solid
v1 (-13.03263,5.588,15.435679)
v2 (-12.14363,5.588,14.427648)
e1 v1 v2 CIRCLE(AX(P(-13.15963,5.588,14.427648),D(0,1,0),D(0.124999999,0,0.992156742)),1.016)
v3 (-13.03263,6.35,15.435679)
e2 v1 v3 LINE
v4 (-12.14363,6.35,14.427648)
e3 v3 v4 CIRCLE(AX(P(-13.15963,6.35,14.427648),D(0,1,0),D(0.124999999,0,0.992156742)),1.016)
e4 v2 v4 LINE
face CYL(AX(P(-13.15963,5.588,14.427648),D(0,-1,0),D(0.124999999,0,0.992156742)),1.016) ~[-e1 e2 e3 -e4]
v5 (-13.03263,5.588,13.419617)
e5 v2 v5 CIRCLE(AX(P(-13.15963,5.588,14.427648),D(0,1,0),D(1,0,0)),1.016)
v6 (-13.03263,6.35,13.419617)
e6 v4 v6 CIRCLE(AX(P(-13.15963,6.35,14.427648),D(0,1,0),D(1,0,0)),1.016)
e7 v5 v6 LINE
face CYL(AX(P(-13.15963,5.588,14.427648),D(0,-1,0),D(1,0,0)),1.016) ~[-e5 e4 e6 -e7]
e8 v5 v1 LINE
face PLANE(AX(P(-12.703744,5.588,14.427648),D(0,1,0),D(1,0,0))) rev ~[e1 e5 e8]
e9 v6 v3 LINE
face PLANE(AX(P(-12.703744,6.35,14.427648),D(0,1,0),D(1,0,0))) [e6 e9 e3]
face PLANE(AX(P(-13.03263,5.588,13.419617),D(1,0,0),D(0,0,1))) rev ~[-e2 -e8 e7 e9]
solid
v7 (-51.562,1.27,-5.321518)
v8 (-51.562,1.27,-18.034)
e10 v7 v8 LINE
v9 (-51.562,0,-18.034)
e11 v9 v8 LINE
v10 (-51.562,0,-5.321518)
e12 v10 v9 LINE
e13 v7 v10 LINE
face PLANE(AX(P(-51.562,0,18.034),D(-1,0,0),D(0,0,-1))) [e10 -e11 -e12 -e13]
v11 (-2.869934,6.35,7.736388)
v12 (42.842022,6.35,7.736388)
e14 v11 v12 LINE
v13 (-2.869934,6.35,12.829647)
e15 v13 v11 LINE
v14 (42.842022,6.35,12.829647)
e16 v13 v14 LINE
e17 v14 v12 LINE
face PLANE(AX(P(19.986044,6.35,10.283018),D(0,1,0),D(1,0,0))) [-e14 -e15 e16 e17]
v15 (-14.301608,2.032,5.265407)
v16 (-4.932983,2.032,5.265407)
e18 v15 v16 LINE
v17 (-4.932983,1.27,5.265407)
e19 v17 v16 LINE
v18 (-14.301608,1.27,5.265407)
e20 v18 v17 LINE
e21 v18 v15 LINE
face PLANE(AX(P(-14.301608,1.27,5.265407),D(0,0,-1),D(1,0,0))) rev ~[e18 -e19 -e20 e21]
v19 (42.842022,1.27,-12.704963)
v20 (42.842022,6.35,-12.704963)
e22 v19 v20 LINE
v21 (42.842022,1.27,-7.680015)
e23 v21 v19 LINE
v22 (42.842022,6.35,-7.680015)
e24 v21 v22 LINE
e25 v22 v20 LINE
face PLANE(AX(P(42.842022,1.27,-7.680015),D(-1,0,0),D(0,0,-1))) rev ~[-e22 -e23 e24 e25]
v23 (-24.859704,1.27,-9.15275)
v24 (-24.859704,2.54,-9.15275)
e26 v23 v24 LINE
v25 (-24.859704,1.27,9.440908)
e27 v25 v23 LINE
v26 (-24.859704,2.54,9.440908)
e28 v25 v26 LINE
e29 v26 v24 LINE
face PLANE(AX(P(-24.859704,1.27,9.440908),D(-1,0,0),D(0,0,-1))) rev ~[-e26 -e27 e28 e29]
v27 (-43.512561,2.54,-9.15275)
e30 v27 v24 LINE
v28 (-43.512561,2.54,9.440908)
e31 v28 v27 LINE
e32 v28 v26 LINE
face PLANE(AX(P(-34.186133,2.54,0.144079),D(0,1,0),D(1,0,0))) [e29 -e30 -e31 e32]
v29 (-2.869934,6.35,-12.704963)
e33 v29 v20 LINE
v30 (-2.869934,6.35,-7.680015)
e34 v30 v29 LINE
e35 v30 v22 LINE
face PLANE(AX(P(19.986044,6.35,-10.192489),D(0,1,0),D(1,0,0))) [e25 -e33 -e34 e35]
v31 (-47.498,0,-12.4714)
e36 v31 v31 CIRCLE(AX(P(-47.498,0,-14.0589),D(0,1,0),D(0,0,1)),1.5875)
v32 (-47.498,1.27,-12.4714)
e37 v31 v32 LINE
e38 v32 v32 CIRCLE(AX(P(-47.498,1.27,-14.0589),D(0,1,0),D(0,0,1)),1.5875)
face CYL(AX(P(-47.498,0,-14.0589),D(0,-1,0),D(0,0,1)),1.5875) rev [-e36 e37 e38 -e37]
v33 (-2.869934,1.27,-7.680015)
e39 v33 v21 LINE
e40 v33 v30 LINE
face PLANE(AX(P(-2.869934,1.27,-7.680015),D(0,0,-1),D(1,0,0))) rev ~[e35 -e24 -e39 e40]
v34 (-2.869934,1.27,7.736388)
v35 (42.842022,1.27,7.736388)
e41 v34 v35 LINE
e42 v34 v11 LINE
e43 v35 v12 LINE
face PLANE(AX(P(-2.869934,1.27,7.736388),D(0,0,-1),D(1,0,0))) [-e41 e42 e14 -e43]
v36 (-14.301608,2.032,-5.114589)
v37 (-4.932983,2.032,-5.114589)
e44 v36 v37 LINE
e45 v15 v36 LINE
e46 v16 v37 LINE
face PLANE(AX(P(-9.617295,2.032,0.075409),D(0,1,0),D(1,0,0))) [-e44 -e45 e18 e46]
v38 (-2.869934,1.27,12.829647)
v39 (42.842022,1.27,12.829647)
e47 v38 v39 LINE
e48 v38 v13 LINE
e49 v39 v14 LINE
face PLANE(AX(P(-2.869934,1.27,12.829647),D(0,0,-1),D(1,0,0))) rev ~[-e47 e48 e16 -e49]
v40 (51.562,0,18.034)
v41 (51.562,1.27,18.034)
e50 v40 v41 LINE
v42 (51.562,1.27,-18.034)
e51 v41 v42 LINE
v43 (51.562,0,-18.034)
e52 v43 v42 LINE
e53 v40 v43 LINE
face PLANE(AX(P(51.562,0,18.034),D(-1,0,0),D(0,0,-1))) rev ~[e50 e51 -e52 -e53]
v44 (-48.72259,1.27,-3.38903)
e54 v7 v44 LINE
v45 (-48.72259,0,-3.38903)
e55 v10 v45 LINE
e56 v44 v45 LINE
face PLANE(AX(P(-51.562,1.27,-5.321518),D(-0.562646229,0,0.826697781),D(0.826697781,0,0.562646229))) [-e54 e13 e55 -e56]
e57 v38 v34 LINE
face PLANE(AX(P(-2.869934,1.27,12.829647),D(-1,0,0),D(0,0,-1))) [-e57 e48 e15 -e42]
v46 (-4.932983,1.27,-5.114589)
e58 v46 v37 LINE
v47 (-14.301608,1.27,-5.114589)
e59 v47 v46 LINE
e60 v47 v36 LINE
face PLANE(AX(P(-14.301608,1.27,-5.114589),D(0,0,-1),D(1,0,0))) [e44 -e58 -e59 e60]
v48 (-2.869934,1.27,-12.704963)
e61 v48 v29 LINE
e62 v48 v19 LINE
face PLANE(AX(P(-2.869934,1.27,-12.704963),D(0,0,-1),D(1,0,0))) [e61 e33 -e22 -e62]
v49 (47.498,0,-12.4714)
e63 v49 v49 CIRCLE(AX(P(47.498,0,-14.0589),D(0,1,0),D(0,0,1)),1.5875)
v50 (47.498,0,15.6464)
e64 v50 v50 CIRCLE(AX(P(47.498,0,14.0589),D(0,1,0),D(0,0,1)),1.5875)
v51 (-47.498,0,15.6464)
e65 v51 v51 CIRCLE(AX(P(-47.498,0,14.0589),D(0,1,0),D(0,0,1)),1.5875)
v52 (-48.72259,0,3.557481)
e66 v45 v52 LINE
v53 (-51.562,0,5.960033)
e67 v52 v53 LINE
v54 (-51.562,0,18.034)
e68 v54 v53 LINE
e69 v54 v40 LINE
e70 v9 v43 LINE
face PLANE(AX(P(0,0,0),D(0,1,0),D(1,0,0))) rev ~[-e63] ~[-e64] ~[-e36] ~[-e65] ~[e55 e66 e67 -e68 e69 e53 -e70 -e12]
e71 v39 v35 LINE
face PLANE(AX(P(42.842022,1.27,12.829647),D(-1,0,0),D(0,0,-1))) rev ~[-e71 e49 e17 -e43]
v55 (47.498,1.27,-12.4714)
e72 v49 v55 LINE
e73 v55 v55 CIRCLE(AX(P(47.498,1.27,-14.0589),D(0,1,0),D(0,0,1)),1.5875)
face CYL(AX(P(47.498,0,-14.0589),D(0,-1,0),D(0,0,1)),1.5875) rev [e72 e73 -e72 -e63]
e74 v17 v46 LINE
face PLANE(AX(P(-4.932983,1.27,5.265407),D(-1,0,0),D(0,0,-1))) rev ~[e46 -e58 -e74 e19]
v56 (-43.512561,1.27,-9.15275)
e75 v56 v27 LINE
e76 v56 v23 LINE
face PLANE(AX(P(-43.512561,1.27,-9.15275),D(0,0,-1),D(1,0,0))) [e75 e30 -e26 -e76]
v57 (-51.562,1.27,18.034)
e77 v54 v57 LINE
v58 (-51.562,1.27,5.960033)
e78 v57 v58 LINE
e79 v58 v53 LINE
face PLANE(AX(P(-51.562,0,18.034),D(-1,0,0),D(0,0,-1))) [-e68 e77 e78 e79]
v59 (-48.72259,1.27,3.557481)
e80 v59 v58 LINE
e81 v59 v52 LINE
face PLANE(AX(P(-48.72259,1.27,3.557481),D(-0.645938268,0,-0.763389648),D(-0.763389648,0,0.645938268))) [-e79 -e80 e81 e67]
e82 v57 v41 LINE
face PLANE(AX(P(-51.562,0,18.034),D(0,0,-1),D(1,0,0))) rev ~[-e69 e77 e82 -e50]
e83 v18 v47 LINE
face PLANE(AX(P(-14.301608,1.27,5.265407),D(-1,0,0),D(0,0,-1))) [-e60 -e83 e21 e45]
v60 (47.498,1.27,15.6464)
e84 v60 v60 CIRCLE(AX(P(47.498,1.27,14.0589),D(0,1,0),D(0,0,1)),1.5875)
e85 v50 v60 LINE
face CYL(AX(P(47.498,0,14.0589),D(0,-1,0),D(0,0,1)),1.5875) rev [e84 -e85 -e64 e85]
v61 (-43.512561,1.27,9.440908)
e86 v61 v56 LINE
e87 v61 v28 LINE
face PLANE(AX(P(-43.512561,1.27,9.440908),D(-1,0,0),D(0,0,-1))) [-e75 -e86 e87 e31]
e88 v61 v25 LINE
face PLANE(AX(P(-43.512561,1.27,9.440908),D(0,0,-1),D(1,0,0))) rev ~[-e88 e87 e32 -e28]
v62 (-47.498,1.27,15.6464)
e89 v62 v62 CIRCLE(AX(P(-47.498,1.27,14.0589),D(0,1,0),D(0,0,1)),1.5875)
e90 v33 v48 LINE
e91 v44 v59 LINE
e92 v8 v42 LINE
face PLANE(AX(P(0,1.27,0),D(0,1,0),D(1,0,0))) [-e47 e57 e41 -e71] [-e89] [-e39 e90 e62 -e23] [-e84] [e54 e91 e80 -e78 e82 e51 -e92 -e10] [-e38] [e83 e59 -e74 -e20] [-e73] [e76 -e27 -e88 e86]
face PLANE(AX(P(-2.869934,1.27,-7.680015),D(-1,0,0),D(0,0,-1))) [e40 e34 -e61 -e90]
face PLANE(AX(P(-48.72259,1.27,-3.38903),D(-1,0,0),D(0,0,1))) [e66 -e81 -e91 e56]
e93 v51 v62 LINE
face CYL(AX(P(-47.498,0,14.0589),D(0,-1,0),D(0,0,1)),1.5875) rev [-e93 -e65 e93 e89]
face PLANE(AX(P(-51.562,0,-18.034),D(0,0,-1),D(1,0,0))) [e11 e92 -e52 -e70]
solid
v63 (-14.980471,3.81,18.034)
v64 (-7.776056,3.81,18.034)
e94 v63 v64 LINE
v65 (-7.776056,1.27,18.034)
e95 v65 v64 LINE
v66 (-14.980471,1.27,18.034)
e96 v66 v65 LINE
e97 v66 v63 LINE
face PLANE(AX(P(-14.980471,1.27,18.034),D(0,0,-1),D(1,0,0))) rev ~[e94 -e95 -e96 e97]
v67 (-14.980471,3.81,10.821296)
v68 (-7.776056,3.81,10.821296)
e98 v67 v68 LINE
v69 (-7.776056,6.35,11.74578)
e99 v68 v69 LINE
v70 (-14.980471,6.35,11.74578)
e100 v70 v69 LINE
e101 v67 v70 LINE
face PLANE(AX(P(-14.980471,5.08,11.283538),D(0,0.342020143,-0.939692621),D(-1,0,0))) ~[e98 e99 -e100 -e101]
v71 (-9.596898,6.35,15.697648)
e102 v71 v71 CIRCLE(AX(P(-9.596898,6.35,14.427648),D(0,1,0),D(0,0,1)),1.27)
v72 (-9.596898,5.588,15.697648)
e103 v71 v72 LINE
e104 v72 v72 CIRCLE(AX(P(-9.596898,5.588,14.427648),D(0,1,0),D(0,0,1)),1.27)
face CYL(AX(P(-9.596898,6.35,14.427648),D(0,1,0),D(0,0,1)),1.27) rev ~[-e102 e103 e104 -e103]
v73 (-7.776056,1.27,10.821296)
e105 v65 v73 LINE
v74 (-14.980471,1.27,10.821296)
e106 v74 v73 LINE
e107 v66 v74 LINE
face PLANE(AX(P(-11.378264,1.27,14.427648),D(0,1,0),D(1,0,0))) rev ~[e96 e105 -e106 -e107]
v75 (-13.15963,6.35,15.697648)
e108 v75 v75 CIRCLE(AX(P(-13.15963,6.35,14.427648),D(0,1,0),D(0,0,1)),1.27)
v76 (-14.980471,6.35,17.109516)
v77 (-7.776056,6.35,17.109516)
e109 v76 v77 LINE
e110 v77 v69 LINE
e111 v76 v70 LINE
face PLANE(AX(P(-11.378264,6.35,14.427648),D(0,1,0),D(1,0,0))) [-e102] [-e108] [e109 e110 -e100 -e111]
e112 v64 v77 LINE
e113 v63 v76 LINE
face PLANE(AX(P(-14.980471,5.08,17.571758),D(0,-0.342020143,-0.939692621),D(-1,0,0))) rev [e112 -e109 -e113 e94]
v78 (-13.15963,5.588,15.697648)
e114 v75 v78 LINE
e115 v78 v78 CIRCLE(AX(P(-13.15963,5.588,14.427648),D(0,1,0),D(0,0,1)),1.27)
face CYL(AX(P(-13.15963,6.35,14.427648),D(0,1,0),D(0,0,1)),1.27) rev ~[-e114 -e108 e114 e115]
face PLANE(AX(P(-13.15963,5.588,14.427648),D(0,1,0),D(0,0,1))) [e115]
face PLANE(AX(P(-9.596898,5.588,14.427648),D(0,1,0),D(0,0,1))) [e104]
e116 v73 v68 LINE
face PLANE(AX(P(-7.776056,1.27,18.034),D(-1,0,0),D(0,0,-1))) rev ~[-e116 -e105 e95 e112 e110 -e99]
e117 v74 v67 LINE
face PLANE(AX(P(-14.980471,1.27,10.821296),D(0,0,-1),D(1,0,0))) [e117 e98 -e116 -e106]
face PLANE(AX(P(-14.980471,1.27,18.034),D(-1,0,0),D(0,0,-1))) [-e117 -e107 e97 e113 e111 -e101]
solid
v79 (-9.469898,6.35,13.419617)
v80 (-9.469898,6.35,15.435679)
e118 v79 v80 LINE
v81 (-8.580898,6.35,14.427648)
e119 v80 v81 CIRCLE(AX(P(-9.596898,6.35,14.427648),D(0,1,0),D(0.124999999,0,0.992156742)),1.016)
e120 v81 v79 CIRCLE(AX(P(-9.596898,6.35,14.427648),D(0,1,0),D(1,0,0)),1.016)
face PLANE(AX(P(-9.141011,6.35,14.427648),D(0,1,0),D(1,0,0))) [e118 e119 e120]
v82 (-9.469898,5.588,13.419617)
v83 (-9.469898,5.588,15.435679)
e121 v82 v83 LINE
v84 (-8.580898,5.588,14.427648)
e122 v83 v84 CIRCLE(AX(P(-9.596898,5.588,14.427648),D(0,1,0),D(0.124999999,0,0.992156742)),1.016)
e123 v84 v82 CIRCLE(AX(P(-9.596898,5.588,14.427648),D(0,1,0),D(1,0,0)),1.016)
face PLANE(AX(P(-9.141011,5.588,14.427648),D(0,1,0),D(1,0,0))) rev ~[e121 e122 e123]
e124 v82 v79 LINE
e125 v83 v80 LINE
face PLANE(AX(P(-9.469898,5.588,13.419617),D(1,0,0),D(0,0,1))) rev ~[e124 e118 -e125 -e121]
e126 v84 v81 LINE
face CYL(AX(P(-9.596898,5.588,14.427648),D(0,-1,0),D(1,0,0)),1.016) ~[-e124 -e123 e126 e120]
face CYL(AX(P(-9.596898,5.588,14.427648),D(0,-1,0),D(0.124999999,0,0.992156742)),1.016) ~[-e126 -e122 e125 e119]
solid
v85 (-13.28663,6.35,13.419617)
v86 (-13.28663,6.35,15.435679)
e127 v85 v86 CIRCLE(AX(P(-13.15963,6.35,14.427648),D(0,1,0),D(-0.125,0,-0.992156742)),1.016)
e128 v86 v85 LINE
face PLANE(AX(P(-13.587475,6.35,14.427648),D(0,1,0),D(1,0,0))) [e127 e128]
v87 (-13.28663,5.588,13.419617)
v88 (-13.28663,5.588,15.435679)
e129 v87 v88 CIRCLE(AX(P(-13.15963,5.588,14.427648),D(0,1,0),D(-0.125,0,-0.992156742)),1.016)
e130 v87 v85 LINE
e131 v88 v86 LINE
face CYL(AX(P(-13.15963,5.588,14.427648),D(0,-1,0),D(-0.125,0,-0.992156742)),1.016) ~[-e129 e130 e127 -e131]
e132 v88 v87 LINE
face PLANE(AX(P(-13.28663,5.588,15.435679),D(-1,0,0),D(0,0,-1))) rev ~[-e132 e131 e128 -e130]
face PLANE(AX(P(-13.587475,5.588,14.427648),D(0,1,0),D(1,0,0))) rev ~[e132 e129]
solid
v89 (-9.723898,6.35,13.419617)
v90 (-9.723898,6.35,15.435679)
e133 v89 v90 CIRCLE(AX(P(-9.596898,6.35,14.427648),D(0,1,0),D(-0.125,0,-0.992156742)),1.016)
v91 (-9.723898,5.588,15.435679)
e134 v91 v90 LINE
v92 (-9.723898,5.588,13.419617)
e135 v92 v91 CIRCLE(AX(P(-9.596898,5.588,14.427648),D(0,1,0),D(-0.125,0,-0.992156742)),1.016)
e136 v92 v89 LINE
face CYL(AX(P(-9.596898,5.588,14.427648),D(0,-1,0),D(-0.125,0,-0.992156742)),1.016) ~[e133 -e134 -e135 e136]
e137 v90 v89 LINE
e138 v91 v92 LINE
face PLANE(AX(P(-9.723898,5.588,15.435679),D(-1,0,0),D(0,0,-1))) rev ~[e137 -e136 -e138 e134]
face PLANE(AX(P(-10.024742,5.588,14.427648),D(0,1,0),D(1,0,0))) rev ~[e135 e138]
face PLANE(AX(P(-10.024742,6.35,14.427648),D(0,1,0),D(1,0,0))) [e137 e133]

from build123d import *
from OCP.BRepFilletAPI import BRepFilletAPI_MakeChamfer

# Parameters (mm, degrees)
SKETCH1_W              = 103.124
SKETCH1_H              = 36.068
SKETCH1_R              = 1.5875
BOSS_EXTRUDE2_DEPTH    = 1.27
CUT_EXTRUDE1_DEPTH     = 55.639526901
SKETCH3_W              = 18.652856935
SKETCH3_H              = 18.593657226
BOSS_EXTRUDE3_DEPTH    = 1.27
SKETCH4_W              = 9.368625717
SKETCH4_H              = 10.379996134
BOSS_EXTRUDE4_DEPTH    = 0.762
SKETCH5_W              = 45.711956493
SKETCH5_H              = 5.024947681
SKETCH5_H_2            = 5.093258644
BOSS_EXTRUDE6_DEPTH    = 5.08
SKETCH6_W              = 7.204415031
SKETCH6_H              = 7.212704243
BOSS_EXTRUDE8_DEPTH    = 5.08
CHAMFER1_SIZE          = 2.54
CHAMFER1_SIZE2         = 0.924484395
SKETCH7_R              = 1.27
CUT_EXTRUDE2_DEPTH     = 0.762
BOSS_EXTRUDE10_DEPTH   = 0.762
BOSS_EXTRUDE10_2_DEPTH = 0.762
BOSS_EXTRUDE10_3_DEPTH = 0.762
BOSS_EXTRUDE10_4_DEPTH = 0.762


with BuildPart() as part:
    # Sketch1 → Boss-Extrude2 (new body)
    with BuildSketch(Plane(origin=(0, 0, 0), x_dir=(1, 0, 0), z_dir=(0, 1, 0))):
        Rectangle(SKETCH1_W, SKETCH1_H)
        with Locations(Location((-47.498, 14.0589, 0), (0, 0, 270))):
            Circle(SKETCH1_R, mode=Mode.SUBTRACT)
        with Locations(Location((-47.498, -14.0589, 0), (0, 0, 270))):
            Circle(SKETCH1_R, mode=Mode.SUBTRACT)
        with Locations(Location((47.498, 14.0589, 0), (0, 0, 270))):
            Circle(SKETCH1_R, mode=Mode.SUBTRACT)
        with Locations(Location((47.498, -14.0589, 0), (0, 0, 270))):
            Circle(SKETCH1_R, mode=Mode.SUBTRACT)
    extrude(amount=BOSS_EXTRUDE2_DEPTH)

    # Sketch2 → Cut-Extrude1 (cut, through all)
    with BuildSketch(Plane(origin=(0, 1.27, 0), x_dir=(1, 0, 0), z_dir=(0, 1, 0))):
        Polygon((-51.562, 5.32151794), (-48.722589703, 3.389029994), (-48.722589703, -3.55748073), (-51.562, -5.960033311), align=None)
    extrude(amount=-CUT_EXTRUDE1_DEPTH, mode=Mode.SUBTRACT)

    # Sketch3 → Boss-Extrude3 (add)
    with BuildSketch(Plane(origin=(0, 1.27, 0), x_dir=(1, 0, 0), z_dir=(0, 1, 0))):
        with Locations((-34.186132532, -0.144079079)):
            Rectangle(SKETCH3_W, SKETCH3_H)
    extrude(amount=BOSS_EXTRUDE3_DEPTH)

    # Sketch4 → Boss-Extrude4 (add)
    with BuildSketch(Plane(origin=(0, 1.27, 0), x_dir=(1, 0, 0), z_dir=(0, 1, 0))):
        with Locations((-9.617295377, -0.075408878)):
            Rectangle(SKETCH4_W, SKETCH4_H)
    extrude(amount=BOSS_EXTRUDE4_DEPTH)

    # Sketch5 → Boss-Extrude6 (add)
    with BuildSketch(Plane(origin=(0, 1.27, 0), x_dir=(1, 0, 0), z_dir=(0, 1, 0))):
        with Locations((19.986043909, 10.19248885)):
            Rectangle(SKETCH5_W, SKETCH5_H)
        with Locations((19.986043909, -10.283017769)):
            Rectangle(SKETCH5_W, SKETCH5_H_2)
    extrude(amount=BOSS_EXTRUDE6_DEPTH)


with BuildPart() as body_2:
    # Sketch6 → Boss-Extrude8 (new body)
    with BuildSketch(Plane(origin=(0, 1.27, 0), x_dir=(1, 0, 0), z_dir=(0, 1, 0))):
        with Locations((-11.378263959, -14.427647879)):
            Rectangle(SKETCH6_W, SKETCH6_H)
    extrude(amount=BOSS_EXTRUDE8_DEPTH)

    # Chamfer1: one chamfer whose edges measure the first distance from different faces: ONE call of the kernel's chamfer builder (chamfer() names one face for all edges)
    chamfer1_edges_1 = [body_2.edges().sort_by_distance(p)[0] for p in [
        (-11.378263958, 6.35, 10.821295757),
    ]]
    chamfer1_side_1 = [body_2.faces().sort_by_distance(p)[0] for p in [
        (-11.378263958, 3.81, 10.821295757),
    ]]
    chamfer1_edges_2 = [body_2.edges().sort_by_distance(p)[0] for p in [
        (-11.378263958, 6.35, 18.034),
    ]]
    chamfer1_side_2 = [body_2.faces().sort_by_distance(p)[0] for p in [
        (-11.378263958, 3.81, 18.034),
    ]]
    chamfer1 = BRepFilletAPI_MakeChamfer(body_2.part.solid().wrapped)
    for e in chamfer1_edges_1:
        chamfer1.Add(CHAMFER1_SIZE, CHAMFER1_SIZE2, e.wrapped, chamfer1_side_1[0].wrapped)  # the first distance lies on this face
    for e in chamfer1_edges_2:
        chamfer1.Add(CHAMFER1_SIZE, CHAMFER1_SIZE2, e.wrapped, chamfer1_side_2[0].wrapped)  # the first distance lies on this face
    add(Compound.cast(chamfer1.Shape()), mode=Mode.REPLACE)

    # Sketch7 → Cut-Extrude2 (cut)
    with BuildSketch(Plane(origin=(0, 6.35, 0), x_dir=(1, 0, 0), z_dir=(0, 1, 0))):
        with Locations(Location((-13.159630139, -14.427647879, 0), (0, 0, 270))):
            Circle(SKETCH7_R)
        with Locations(Location((-9.596897778, -14.427647879, 0), (0, 0, 270))):
            Circle(SKETCH7_R)
    extrude(amount=-CUT_EXTRUDE2_DEPTH, mode=Mode.SUBTRACT)


with BuildPart() as body_3:
    # Sketch8 → Boss-Extrude10 (new body)
    with BuildSketch(Plane(origin=(0, 5.588, 0), x_dir=(1, 0, 0), z_dir=(0, 1, 0))):
        with BuildLine():
            Line((-13.286630139, -15.435679128), (-13.286630139, -13.419616629))
            ThreePointArc((-13.286630139, -13.419616629), (-14.175630139, -14.427647879), (-13.286630139, -15.435679128))
        make_face()
    extrude(amount=BOSS_EXTRUDE10_DEPTH)


with BuildPart() as body_4:
    # Sketch8 → Boss-Extrude10 2 (new body)
    with BuildSketch(Plane(origin=(0, 5.588, 0), x_dir=(1, 0, 0), z_dir=(0, 1, 0))):
        with BuildLine():
            ThreePointArc((-12.143630139, -14.427647879), (-12.397630139, -13.755627046), (-13.032630139, -13.419616629))
            Line((-13.032630139, -13.419616629), (-13.032630139, -15.435679128))
            ThreePointArc((-13.032630139, -15.435679128), (-12.397630139, -15.099668712), (-12.143630139, -14.427647879))
        make_face()
    extrude(amount=BOSS_EXTRUDE10_2_DEPTH)


with BuildPart() as body_5:
    # Sketch8 → Boss-Extrude10 3 (new body)
    with BuildSketch(Plane(origin=(0, 5.588, 0), x_dir=(1, 0, 0), z_dir=(0, 1, 0))):
        with BuildLine():
            ThreePointArc((-9.723897778, -13.419616629), (-10.612897778, -14.427647879), (-9.723897778, -15.435679128))
            Line((-9.723897778, -15.435679128), (-9.723897778, -13.419616629))
        make_face()
    extrude(amount=BOSS_EXTRUDE10_3_DEPTH)


with BuildPart() as body_6:
    # Sketch8 → Boss-Extrude10 4 (new body)
    with BuildSketch(Plane(origin=(0, 5.588, 0), x_dir=(1, 0, 0), z_dir=(0, 1, 0))):
        with BuildLine():
            Line((-9.469897778, -13.419616629), (-9.469897778, -15.435679128))
            ThreePointArc((-9.469897778, -15.435679128), (-8.834897778, -15.099668712), (-8.580897778, -14.427647879))
            ThreePointArc((-8.580897778, -14.427647879), (-8.834897778, -13.755627046), (-9.469897778, -13.419616629))
        make_face()
    extrude(amount=BOSS_EXTRUDE10_4_DEPTH)


solid = Compound([part.part, body_2.part, body_3.part, body_4.part, body_5.part, body_6.part])
